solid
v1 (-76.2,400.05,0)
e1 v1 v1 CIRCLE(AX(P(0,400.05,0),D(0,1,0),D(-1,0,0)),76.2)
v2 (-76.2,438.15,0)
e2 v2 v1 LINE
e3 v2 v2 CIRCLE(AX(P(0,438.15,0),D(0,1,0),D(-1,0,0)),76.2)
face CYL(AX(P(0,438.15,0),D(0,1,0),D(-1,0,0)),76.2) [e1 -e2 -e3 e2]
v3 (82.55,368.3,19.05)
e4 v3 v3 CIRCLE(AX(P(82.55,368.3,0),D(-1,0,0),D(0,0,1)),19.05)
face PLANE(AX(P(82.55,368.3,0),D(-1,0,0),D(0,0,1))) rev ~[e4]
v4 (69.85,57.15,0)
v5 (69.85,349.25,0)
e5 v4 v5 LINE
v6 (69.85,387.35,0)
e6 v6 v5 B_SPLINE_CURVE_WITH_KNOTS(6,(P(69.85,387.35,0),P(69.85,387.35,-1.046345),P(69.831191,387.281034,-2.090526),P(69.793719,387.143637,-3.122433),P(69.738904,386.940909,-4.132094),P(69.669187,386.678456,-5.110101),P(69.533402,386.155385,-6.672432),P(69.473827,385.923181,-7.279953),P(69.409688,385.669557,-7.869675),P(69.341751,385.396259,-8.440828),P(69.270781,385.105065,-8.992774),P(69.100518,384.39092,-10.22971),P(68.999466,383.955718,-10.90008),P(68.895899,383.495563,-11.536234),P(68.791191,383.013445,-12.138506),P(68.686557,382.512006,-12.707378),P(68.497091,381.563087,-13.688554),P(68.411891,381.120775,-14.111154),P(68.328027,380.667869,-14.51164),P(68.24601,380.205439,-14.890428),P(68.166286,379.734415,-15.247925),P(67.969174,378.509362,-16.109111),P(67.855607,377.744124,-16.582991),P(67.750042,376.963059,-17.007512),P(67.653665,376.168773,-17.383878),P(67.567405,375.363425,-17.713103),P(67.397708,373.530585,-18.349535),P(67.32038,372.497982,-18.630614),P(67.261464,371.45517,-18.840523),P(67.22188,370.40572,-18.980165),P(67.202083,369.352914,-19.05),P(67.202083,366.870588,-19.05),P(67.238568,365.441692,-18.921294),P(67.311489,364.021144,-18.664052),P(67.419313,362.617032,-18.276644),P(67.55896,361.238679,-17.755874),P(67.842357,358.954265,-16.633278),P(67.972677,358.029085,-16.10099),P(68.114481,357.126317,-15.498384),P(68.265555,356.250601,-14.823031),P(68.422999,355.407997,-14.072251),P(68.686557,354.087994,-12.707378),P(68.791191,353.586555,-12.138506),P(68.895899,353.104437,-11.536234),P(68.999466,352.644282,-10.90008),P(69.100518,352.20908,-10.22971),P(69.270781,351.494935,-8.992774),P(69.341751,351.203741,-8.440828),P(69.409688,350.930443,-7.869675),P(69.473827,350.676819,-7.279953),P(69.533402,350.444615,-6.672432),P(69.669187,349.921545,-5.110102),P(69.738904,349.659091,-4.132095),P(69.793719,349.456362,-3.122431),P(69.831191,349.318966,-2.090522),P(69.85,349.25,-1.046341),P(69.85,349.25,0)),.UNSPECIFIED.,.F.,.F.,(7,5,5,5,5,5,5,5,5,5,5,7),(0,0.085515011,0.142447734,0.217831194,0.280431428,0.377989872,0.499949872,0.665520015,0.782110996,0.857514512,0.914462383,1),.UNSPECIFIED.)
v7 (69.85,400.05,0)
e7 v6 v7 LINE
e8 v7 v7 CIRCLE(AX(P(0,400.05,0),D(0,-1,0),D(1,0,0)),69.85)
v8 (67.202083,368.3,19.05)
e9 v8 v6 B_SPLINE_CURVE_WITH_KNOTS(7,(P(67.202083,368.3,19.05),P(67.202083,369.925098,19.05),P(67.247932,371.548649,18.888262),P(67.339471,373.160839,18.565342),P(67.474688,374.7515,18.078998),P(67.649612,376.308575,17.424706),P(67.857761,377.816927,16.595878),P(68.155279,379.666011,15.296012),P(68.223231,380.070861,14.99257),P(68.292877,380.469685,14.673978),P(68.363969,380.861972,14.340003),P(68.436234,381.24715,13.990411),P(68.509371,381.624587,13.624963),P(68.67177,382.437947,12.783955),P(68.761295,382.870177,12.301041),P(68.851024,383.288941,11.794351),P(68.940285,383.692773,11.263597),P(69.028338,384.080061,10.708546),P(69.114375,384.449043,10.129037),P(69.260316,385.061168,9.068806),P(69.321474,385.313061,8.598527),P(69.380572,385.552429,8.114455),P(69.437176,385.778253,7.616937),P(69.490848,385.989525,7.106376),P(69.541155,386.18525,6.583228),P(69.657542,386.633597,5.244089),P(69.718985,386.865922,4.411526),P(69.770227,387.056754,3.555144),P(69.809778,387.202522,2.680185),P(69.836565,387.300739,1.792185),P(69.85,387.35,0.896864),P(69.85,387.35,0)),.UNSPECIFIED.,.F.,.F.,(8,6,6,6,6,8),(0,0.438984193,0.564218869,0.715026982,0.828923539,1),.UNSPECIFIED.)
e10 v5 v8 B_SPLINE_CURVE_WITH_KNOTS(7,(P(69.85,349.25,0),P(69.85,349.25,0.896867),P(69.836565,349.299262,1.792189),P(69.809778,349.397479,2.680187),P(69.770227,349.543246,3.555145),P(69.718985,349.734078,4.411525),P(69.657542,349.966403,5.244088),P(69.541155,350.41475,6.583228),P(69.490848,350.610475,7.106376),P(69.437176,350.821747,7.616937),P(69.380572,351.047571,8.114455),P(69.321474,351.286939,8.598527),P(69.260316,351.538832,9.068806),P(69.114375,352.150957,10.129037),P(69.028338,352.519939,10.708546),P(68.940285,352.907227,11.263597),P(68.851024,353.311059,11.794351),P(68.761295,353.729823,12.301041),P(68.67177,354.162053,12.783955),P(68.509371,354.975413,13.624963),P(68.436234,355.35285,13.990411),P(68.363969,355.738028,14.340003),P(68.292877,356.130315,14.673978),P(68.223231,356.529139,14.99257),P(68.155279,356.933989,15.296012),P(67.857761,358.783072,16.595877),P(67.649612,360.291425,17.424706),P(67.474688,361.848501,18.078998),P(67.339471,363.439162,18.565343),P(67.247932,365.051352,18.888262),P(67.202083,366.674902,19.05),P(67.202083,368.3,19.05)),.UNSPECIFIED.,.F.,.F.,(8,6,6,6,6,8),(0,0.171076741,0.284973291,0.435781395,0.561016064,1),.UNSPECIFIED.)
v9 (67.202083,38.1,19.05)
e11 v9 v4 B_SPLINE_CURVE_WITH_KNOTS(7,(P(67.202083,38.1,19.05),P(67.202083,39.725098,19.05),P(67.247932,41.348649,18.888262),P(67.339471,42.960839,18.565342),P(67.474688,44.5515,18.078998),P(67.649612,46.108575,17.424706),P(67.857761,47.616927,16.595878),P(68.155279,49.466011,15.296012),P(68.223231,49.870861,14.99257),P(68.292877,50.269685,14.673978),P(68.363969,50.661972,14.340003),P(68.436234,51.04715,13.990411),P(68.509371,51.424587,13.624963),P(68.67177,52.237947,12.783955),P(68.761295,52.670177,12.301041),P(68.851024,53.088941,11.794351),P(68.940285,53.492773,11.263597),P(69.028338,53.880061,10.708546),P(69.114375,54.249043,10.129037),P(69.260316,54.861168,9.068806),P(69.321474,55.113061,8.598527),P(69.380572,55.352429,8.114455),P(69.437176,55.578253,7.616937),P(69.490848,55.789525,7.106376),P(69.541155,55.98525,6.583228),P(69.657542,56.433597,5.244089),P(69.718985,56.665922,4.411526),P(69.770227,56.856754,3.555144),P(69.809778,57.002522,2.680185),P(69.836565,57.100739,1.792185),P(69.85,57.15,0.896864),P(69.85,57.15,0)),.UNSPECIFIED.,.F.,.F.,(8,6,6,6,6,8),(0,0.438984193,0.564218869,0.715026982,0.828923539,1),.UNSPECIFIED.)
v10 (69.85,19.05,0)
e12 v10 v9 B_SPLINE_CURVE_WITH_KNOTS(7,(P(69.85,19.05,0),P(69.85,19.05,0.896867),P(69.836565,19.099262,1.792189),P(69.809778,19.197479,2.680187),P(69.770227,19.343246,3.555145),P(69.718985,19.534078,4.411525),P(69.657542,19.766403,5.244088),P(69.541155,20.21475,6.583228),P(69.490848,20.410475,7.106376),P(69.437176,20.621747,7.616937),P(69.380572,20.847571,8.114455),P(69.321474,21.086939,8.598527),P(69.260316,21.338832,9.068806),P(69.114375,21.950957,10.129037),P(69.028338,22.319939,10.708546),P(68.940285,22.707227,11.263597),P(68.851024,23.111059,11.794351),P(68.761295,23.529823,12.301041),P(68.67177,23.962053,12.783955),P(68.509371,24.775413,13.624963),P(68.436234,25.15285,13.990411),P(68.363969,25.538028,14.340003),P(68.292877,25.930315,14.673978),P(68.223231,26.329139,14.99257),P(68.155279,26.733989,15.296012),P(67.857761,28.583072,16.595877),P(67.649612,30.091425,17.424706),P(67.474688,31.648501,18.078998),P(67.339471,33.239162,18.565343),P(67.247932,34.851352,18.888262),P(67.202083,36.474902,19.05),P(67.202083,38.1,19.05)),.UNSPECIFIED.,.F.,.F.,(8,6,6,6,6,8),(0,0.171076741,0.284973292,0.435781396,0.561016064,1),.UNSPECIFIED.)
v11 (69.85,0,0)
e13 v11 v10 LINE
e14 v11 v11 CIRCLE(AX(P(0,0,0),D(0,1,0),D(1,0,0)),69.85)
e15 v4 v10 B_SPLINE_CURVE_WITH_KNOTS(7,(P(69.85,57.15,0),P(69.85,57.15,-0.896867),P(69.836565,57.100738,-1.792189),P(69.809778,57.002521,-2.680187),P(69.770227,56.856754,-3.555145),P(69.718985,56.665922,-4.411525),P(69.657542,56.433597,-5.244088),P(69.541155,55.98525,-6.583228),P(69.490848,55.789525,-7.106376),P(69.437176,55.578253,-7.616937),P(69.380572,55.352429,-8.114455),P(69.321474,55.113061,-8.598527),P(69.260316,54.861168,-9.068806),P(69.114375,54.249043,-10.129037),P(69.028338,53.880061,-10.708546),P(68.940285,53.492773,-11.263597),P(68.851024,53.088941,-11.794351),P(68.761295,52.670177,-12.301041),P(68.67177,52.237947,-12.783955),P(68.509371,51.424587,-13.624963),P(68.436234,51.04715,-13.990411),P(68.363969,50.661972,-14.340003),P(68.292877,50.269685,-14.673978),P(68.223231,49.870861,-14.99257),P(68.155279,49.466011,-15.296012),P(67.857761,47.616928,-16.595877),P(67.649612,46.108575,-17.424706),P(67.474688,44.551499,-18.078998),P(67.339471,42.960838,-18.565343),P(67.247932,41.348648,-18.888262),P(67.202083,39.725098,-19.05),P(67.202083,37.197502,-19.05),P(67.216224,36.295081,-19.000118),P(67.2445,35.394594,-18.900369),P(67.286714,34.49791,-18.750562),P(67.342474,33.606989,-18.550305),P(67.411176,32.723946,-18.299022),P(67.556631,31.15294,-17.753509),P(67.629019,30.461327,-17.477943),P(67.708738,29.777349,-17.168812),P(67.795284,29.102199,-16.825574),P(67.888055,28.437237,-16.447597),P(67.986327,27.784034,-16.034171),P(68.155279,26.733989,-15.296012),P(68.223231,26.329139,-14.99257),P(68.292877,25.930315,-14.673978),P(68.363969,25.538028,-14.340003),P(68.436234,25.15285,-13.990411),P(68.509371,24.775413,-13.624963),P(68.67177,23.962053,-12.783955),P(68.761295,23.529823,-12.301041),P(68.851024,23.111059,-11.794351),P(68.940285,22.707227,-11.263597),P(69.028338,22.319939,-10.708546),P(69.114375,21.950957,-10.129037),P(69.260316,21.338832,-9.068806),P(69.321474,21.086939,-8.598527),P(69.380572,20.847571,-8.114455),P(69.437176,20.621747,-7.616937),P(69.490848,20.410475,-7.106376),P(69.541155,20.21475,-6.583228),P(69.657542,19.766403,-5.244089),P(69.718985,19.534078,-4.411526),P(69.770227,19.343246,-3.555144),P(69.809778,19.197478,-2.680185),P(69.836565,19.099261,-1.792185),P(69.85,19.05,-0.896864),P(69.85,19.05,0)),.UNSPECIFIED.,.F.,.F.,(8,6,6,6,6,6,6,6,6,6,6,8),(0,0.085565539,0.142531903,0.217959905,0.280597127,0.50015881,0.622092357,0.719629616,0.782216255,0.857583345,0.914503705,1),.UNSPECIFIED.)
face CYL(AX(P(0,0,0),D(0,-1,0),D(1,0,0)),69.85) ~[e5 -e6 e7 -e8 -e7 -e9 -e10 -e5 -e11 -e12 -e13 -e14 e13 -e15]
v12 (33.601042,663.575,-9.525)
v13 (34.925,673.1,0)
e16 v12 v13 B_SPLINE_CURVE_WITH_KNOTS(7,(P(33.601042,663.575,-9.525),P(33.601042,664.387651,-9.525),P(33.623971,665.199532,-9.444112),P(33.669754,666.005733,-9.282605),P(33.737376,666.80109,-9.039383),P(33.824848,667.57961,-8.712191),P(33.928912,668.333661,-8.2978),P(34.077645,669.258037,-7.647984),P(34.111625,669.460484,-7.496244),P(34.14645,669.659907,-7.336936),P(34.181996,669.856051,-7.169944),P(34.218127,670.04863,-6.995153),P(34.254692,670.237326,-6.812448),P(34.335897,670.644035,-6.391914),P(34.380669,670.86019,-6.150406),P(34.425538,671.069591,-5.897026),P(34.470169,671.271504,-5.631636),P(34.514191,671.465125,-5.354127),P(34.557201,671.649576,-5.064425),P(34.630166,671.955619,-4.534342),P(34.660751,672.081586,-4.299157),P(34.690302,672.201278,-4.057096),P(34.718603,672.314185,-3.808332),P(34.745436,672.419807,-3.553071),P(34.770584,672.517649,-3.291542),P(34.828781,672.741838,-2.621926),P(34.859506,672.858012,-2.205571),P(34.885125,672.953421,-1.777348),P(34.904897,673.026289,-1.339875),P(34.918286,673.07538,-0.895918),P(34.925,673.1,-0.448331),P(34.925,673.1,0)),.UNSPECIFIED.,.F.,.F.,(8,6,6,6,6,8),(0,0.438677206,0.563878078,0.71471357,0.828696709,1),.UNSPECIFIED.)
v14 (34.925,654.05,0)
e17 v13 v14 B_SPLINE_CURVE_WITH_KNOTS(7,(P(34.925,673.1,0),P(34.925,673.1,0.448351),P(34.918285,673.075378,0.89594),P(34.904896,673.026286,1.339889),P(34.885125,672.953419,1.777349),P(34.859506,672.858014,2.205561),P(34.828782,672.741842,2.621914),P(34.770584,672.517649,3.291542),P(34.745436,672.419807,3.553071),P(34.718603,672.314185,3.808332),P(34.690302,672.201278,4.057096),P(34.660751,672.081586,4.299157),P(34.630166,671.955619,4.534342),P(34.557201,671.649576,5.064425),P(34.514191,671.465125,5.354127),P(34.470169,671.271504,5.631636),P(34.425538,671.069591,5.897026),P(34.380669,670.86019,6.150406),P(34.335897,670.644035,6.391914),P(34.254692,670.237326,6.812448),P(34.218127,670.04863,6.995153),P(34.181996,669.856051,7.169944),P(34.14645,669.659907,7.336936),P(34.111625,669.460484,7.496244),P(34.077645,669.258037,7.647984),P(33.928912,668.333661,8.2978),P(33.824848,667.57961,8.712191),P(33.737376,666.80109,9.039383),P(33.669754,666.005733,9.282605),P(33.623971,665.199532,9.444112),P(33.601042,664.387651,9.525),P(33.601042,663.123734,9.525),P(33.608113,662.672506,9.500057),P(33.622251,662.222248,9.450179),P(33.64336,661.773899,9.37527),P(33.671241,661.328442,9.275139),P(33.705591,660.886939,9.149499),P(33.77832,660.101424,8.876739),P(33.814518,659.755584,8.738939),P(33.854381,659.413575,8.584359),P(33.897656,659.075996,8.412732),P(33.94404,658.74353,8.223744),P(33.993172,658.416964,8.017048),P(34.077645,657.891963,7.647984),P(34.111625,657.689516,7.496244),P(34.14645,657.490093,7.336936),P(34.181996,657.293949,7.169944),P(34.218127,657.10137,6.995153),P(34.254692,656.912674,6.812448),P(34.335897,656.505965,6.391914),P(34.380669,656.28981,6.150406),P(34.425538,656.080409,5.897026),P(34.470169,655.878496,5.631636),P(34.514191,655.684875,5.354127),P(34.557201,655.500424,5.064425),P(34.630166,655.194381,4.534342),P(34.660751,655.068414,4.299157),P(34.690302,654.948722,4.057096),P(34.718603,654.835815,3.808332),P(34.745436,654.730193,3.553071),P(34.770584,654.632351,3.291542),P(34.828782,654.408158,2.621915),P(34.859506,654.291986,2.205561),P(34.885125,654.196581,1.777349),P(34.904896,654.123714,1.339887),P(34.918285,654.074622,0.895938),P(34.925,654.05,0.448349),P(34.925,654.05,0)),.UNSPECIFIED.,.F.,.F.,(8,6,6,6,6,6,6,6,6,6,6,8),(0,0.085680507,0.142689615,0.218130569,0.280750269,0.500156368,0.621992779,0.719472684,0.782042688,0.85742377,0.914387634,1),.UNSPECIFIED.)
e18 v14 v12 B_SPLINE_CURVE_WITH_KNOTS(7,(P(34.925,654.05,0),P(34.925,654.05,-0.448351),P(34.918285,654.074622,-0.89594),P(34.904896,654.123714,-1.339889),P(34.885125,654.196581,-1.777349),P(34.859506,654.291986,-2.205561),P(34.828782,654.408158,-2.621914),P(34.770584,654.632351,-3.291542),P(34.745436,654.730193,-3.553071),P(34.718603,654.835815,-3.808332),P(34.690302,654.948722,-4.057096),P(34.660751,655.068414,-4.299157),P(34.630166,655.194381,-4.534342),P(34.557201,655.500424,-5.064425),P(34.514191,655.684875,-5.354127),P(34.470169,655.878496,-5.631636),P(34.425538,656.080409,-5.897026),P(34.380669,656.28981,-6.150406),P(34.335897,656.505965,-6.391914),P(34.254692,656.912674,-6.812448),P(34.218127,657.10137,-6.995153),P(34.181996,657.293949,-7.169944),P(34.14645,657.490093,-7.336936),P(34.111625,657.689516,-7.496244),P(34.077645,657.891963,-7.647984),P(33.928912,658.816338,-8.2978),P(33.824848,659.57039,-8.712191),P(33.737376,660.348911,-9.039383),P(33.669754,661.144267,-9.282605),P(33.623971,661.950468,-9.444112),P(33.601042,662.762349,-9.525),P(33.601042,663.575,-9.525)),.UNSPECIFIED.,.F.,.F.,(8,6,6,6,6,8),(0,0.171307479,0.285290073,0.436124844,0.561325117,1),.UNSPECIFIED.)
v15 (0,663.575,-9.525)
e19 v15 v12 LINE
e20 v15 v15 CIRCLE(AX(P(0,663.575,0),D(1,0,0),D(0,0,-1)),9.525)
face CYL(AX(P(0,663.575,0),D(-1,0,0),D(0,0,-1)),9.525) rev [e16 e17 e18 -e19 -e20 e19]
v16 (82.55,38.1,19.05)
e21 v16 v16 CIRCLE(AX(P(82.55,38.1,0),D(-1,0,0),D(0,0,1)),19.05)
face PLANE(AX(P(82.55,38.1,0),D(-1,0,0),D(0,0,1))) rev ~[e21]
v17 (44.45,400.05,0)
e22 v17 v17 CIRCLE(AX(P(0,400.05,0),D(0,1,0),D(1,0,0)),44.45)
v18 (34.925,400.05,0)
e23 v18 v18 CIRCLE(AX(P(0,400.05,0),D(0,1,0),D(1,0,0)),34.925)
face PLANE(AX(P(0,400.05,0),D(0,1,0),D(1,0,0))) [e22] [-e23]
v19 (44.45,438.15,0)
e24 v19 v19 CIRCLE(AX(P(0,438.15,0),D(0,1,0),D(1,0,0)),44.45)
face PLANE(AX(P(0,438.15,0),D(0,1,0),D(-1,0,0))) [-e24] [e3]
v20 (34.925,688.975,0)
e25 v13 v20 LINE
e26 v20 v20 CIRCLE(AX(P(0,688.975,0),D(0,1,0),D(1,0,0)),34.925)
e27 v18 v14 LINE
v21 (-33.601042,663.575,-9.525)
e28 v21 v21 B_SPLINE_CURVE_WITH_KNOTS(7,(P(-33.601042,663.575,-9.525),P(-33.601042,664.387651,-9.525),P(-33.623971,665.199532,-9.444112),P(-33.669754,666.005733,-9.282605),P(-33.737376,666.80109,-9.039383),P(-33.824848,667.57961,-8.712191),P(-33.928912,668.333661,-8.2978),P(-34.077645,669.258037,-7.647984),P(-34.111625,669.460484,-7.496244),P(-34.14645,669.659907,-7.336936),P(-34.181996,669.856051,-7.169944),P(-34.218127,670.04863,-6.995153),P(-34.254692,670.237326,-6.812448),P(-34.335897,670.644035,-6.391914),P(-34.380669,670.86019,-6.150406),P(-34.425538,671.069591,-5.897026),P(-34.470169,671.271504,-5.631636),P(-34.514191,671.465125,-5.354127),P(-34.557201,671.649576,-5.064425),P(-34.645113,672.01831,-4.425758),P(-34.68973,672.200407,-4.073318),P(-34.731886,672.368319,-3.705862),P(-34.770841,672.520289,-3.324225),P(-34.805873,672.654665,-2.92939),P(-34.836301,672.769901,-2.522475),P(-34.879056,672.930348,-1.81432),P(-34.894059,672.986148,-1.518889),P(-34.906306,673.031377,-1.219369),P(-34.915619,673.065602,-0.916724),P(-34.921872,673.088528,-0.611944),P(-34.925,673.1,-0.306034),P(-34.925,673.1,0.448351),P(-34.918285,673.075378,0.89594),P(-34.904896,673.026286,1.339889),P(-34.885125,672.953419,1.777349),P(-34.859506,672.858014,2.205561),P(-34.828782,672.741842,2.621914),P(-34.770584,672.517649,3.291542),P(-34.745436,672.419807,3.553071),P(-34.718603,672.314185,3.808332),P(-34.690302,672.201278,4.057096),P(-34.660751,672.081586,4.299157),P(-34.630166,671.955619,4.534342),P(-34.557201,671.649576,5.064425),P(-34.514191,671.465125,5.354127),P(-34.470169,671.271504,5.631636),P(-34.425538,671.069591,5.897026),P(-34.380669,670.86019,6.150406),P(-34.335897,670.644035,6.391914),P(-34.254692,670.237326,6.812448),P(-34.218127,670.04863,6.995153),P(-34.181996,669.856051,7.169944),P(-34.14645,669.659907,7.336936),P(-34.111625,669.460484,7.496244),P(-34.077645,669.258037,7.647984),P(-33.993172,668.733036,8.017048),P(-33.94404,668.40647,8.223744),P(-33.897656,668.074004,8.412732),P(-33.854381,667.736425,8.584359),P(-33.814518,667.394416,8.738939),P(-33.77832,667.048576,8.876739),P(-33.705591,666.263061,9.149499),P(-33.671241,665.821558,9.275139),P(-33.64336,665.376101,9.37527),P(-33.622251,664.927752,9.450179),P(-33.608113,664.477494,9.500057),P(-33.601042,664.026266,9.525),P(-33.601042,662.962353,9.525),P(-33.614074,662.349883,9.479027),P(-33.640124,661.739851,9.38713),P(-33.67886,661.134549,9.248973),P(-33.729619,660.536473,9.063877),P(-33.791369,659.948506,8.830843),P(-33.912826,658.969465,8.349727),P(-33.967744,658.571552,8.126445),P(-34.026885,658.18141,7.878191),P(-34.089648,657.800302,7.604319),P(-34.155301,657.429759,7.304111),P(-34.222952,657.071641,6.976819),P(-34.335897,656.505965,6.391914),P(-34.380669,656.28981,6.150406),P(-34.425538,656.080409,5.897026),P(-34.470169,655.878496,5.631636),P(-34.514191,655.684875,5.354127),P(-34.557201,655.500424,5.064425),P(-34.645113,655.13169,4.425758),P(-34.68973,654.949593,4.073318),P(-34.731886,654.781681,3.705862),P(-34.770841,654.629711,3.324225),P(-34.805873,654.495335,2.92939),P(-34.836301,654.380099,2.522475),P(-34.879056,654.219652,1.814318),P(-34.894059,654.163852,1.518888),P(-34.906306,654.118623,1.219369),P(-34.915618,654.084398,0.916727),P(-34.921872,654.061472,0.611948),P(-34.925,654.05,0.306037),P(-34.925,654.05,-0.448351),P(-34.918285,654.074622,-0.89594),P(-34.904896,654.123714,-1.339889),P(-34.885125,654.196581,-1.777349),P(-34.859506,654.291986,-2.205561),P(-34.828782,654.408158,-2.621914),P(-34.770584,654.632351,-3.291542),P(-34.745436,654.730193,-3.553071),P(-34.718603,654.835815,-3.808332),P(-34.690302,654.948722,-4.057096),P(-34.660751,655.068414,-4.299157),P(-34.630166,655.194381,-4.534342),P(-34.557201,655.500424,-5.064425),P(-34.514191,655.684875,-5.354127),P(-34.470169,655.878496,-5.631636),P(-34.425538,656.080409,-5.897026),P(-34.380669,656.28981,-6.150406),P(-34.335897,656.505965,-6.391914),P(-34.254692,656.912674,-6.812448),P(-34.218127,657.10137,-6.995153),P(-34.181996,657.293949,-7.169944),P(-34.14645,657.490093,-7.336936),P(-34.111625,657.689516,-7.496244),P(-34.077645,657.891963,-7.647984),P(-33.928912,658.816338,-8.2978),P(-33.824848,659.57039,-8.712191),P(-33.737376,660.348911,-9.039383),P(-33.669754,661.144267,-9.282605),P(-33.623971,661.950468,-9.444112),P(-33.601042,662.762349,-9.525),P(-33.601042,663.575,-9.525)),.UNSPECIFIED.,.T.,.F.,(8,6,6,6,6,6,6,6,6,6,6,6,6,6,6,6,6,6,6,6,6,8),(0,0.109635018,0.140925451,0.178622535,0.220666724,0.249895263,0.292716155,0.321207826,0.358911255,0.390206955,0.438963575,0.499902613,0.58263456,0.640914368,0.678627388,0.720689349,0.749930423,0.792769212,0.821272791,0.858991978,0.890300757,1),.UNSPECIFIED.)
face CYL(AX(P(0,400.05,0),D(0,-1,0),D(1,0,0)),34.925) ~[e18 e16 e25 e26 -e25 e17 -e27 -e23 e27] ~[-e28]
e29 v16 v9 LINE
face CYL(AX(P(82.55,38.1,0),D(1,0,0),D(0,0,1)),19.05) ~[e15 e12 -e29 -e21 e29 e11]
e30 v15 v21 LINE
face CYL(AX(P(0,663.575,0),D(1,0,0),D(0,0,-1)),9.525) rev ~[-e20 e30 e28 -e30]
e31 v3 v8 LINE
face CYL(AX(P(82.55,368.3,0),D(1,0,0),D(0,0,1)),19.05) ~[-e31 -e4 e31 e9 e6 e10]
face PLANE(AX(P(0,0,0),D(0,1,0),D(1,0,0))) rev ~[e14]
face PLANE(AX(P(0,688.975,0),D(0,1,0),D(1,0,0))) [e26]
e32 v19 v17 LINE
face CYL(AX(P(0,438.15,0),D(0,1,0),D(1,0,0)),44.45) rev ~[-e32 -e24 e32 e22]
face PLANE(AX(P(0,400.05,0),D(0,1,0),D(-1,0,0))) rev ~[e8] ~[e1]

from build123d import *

# Parameters (mm, degrees)
SKETCH1_R               = 69.85
BOSS_EXTRUDE1_DEPTH     = 438.15
SKETCH5_R               = 76.2
BOSS_EXTRUDE5_DEPTH     = 38.1
SKETCH6_R               = 44.45
CUT_EXTRUDE1_DEPTH      = 38.1
BOSS_EXTRUDE7_START     = -12.7
SKETCH8_R               = 19.05
BOSS_EXTRUDE7_DEPTH     = 15.347917
SKETCH9_R               = 34.925
BOSS_EXTRUDE8_DEPTH     = 288.925
SKETCH10_R              = 9.525
CUT_EXTRUDE2_DEPTH      = 83.5500001
CUT_EXTRUDE2_DEPTH_BACK = 77.2


with BuildPart() as part:
    # Sketch1 → Boss-Extrude1 (new body)
    with BuildSketch(Plane(origin=(0, 0, 0), x_dir=(1, 0, 0), z_dir=(0, 1, 0))):
        Circle(SKETCH1_R)
    extrude(amount=BOSS_EXTRUDE1_DEPTH)

    # Sketch5 → Boss-Extrude5 (add)
    with BuildSketch(Plane(origin=(0, 438.15, 0), x_dir=(-1, 0, 0), z_dir=(0, 1, 0))):
        Circle(SKETCH5_R)
    extrude(amount=-BOSS_EXTRUDE5_DEPTH)

    # Sketch6 → Cut-Extrude1 (cut)
    with BuildSketch(Plane(origin=(0, 438.15, 0), x_dir=(1, 0, 0), z_dir=(0, 1, 0))):
        Circle(SKETCH6_R)
    extrude(amount=-CUT_EXTRUDE1_DEPTH, mode=Mode.SUBTRACT)

    # Sketch8 → Boss-Extrude7 (add)
    with BuildSketch(Plane.ZY.offset(-69.85).offset(BOSS_EXTRUDE7_START)):
        with Locations((0, 368.3)):
            Circle(SKETCH8_R)
        with Locations((0, 38.1)):
            Circle(SKETCH8_R)
    extrude(amount=BOSS_EXTRUDE7_DEPTH)

    # Sketch9 → Boss-Extrude8 (add)
    with BuildSketch(Plane(origin=(0, 400.05, 0), x_dir=(1, 0, 0), z_dir=(0, 1, 0))):
        Circle(SKETCH9_R)
    extrude(amount=BOSS_EXTRUDE8_DEPTH)

    # Sketch10 → Cut-Extrude2 (cut, two sides)
    with BuildSketch(Plane(origin=(0, 0, 0), x_dir=(0, 0, -1), z_dir=(1, 0, 0))) as cut_extrude2_sk:
        with Locations((0, 663.575)):
            Circle(SKETCH10_R)
    extrude(amount=CUT_EXTRUDE2_DEPTH, mode=Mode.SUBTRACT)
    extrude(cut_extrude2_sk.sketch, amount=-CUT_EXTRUDE2_DEPTH_BACK, mode=Mode.SUBTRACT)


solid = part.part
